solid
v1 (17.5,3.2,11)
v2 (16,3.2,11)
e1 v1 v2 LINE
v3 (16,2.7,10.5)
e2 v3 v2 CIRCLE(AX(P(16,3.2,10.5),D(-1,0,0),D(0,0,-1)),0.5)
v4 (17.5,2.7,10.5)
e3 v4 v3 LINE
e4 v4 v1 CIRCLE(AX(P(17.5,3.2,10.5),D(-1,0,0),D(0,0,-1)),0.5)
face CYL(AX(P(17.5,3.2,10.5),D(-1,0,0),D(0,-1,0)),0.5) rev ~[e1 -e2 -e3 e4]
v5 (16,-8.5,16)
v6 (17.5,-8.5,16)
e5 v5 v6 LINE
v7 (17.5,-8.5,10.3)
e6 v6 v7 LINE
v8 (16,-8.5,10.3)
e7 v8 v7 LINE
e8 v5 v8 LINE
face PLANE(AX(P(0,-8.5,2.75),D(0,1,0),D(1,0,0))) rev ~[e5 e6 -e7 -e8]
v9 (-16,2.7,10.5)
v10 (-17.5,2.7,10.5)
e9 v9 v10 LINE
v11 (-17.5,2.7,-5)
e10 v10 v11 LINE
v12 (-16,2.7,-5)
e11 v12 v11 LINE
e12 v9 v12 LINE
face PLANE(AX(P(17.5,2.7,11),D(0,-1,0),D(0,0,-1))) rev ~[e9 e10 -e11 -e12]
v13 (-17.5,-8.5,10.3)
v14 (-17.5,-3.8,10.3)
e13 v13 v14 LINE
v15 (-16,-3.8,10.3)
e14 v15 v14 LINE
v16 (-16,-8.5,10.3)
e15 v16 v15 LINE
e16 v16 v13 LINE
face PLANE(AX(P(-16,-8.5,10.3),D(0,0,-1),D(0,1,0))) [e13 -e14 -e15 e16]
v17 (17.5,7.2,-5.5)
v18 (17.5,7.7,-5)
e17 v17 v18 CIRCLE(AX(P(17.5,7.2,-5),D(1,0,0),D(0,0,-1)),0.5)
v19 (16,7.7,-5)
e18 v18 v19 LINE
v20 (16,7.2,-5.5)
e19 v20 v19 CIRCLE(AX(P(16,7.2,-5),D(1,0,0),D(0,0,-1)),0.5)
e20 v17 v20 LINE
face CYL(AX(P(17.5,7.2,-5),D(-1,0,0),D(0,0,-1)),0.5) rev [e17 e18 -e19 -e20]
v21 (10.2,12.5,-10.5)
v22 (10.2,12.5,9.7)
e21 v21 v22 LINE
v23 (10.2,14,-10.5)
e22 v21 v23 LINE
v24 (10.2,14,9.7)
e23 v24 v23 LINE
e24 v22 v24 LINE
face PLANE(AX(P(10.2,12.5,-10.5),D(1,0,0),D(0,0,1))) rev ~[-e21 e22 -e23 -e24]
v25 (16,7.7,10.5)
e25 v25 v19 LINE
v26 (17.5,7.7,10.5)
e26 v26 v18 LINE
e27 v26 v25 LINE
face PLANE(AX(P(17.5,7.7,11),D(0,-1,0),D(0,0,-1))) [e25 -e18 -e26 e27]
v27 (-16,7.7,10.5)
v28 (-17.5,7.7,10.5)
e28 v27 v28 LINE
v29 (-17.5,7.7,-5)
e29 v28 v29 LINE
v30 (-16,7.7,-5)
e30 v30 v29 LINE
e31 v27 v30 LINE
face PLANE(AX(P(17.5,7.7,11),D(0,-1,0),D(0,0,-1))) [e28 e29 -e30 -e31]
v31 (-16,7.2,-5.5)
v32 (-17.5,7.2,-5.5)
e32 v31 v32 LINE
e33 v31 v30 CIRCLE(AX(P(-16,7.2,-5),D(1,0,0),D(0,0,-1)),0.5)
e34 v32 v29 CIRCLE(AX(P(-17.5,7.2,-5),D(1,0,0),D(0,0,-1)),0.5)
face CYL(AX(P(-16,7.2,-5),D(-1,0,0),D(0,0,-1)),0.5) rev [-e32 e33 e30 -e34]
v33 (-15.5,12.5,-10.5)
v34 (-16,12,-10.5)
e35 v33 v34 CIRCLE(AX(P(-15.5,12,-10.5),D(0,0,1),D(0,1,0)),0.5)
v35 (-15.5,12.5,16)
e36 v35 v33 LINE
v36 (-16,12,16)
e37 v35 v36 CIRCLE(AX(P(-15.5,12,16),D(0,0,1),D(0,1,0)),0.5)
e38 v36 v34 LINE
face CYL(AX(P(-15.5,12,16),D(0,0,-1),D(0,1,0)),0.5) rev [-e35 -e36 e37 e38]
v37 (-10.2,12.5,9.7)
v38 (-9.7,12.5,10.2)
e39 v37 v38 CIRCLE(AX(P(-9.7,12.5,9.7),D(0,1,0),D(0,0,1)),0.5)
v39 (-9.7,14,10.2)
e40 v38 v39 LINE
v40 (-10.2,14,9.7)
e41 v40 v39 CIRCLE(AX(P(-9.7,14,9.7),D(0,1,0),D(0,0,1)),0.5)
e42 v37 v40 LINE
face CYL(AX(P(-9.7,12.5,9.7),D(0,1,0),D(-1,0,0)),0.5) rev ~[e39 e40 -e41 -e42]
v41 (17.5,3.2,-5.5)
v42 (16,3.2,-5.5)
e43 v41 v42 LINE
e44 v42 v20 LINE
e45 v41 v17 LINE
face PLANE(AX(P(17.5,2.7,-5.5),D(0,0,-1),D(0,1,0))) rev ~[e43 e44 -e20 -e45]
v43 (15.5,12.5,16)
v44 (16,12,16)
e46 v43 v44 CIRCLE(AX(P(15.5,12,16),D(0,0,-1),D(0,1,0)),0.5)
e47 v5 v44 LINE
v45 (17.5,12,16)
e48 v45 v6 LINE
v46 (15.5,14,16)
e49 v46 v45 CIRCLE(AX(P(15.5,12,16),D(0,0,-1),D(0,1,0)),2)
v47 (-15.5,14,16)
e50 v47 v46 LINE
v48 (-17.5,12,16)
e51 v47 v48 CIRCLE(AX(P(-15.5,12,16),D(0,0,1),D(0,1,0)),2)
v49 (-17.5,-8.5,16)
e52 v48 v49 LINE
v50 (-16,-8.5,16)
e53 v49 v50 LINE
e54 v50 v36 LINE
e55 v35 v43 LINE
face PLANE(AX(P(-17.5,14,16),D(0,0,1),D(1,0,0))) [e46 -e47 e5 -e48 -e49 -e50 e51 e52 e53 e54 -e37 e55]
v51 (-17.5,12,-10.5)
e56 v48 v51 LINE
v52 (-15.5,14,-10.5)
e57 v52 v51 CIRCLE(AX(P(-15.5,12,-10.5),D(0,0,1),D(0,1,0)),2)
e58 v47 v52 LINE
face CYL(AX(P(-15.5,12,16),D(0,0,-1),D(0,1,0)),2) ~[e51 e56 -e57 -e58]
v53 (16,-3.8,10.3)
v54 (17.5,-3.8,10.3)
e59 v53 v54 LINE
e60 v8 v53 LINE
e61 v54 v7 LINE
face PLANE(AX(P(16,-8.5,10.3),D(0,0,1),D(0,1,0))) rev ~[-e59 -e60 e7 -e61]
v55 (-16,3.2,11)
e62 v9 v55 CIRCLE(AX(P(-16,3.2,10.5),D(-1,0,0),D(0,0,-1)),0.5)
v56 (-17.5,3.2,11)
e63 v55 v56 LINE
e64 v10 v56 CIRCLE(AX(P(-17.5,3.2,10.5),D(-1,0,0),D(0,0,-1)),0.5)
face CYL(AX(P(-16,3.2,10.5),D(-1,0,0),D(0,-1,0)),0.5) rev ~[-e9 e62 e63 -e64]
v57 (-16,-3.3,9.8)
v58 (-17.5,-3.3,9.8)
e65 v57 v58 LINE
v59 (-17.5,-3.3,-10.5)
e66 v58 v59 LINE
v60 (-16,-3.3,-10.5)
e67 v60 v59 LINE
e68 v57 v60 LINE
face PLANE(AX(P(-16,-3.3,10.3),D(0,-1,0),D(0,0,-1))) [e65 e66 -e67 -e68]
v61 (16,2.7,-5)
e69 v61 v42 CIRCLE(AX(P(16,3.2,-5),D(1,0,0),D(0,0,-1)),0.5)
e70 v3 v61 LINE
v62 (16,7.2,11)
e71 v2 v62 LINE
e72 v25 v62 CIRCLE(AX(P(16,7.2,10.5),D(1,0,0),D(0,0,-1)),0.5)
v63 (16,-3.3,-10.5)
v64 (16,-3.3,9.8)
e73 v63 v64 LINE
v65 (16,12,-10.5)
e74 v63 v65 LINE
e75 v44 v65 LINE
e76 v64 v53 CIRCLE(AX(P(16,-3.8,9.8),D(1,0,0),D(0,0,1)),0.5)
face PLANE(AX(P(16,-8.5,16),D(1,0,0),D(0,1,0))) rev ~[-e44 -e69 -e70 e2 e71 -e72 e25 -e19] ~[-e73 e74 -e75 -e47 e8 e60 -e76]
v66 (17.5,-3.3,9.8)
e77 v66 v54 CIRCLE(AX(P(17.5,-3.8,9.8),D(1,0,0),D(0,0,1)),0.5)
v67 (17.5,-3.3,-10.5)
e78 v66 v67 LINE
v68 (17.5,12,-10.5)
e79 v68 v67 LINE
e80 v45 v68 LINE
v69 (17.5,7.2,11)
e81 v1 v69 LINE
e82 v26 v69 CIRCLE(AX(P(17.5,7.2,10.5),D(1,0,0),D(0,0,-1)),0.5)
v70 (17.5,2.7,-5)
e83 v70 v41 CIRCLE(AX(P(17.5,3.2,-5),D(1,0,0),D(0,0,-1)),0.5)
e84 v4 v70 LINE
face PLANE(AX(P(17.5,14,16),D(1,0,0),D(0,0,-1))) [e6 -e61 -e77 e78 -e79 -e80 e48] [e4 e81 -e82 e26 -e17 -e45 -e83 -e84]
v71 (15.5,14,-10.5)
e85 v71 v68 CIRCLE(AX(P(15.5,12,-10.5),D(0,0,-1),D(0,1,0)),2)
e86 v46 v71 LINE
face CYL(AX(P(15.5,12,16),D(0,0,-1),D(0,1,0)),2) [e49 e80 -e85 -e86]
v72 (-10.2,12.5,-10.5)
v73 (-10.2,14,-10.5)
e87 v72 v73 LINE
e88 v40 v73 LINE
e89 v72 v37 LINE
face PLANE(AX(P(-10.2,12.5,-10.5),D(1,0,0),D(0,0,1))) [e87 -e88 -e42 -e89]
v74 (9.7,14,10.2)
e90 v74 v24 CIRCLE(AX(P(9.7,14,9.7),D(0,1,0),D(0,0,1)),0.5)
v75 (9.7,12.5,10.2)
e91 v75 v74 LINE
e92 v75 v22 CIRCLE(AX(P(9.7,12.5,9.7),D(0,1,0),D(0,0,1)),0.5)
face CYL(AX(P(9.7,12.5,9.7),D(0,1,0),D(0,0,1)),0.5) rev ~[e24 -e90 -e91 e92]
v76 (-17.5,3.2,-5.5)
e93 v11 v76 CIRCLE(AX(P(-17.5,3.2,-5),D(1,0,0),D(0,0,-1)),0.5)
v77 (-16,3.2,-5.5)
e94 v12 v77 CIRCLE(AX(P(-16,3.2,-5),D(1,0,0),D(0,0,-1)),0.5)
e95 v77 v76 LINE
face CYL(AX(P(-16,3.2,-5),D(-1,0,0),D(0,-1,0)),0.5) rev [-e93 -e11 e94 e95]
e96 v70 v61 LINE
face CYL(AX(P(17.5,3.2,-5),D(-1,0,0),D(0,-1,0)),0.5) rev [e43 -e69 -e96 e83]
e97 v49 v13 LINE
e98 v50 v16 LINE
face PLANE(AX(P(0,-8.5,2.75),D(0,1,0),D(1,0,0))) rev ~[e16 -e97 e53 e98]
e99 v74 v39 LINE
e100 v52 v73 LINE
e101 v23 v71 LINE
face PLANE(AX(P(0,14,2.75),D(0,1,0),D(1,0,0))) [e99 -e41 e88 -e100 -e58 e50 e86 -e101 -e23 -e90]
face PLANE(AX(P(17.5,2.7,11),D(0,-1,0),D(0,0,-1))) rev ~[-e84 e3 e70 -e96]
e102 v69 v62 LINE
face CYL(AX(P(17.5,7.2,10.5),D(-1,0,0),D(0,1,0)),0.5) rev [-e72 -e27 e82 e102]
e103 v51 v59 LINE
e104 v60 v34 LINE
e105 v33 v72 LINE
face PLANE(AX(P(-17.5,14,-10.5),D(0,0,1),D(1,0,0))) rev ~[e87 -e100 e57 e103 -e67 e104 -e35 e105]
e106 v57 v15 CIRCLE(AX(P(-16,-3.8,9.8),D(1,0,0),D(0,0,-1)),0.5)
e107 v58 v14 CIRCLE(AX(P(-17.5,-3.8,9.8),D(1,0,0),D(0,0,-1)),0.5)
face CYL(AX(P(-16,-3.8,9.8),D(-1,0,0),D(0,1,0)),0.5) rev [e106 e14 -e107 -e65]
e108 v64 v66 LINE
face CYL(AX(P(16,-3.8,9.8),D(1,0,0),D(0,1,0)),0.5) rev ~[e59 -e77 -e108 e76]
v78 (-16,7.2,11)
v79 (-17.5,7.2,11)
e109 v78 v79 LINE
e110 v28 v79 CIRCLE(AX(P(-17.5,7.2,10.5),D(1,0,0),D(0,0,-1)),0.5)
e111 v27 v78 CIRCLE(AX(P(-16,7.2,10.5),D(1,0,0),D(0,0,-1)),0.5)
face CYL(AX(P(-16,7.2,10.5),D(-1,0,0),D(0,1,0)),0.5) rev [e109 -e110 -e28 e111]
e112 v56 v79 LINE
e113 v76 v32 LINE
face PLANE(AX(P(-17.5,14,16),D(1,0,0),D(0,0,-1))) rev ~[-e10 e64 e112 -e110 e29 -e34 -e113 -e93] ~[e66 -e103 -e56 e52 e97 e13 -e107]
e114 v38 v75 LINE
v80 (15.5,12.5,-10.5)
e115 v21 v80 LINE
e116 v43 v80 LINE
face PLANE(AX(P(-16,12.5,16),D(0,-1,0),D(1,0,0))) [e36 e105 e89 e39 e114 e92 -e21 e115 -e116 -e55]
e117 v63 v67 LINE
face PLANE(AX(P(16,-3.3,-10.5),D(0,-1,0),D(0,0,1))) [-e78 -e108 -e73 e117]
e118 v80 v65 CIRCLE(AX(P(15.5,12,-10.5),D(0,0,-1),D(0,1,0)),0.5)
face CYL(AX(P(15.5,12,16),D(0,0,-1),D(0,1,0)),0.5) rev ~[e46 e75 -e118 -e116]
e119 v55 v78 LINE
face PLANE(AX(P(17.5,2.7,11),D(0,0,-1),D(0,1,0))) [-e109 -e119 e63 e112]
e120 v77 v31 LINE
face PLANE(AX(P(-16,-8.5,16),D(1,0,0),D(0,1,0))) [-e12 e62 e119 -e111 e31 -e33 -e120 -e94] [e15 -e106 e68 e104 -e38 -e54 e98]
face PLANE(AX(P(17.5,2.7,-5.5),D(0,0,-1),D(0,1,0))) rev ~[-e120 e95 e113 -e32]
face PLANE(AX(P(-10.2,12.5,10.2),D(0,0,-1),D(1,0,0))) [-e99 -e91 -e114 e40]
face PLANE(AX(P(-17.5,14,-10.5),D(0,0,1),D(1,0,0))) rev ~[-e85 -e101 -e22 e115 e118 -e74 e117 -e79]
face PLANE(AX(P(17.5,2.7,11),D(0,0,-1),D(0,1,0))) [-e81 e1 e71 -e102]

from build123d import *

# Parameters (mm, degrees)
SKETCH1_W           = 35
SKETCH1_H           = 26.5
BOSS_EXTRUDE1_DEPTH = 22.5
SKETCH2_W           = 32
SKETCH2_H           = 21
CUT_EXTRUDE1_DEPTH  = 27.5
SKETCH3_W           = 20.8
SKETCH3_H           = 5.2
CUT_EXTRUDE2_DEPTH  = 2.5
SKETCH4_W           = 20.4
SKETCH4_H           = 20.7
CUT_EXTRUDE3_DEPTH  = 2.5
SKETCH5_W           = 20.8
SKETCH5_H           = 5.2
CUT_EXTRUDE4_DEPTH  = 2.5
FILLET1_R           = 0.5
FILLET2_R           = 2
SKETCH6_W           = 16.5
SKETCH6_H           = 5
CUT_EXTRUDE5_DEPTH  = 35
FILLET3_R           = 0.5


with BuildPart() as part:
    # Sketch1 → Boss-Extrude1 (new body)
    with BuildSketch(Plane(origin=(0, 14, 0), x_dir=(1, 0, 0), z_dir=(0, 1, 0))):
        with Locations((0, -2.75)):
            Rectangle(SKETCH1_W, SKETCH1_H)
    extrude(amount=-BOSS_EXTRUDE1_DEPTH)

    # Sketch2 → Cut-Extrude1 (cut, through all)
    with BuildSketch(Plane.XY.offset(16)):
        with Locations((0, 2)):
            Rectangle(SKETCH2_W, SKETCH2_H)
    extrude(amount=-CUT_EXTRUDE1_DEPTH, mode=Mode.SUBTRACT)

    # Sketch3 → Cut-Extrude2 (cut, through all)
    with BuildSketch(Plane.ZY.offset(-16)):
        with Locations((-0.1, -5.9)):
            Rectangle(SKETCH3_W, SKETCH3_H)
    extrude(amount=-CUT_EXTRUDE2_DEPTH, mode=Mode.SUBTRACT)

    # Sketch4 → Cut-Extrude3 (cut, through all)
    with BuildSketch(Plane.XZ.offset(-12.5)):
        with Locations((0, -0.15)):
            Rectangle(SKETCH4_W, SKETCH4_H)
    extrude(amount=-CUT_EXTRUDE3_DEPTH, mode=Mode.SUBTRACT)

    # Sketch5 → Cut-Extrude4 (cut, through all)
    with BuildSketch(Plane(origin=(-16, 0, 0), x_dir=(0, 0, -1), z_dir=(1, 0, 0))):
        with Locations((0.1, -5.9)):
            Rectangle(SKETCH5_W, SKETCH5_H)
    extrude(amount=-CUT_EXTRUDE4_DEPTH, mode=Mode.SUBTRACT)

    # Fillet1
    fillet1_edges = [part.edges().sort_by_distance(p)[0] for p in [
        (-16, 12.5, 2.75),
        (16, 12.5, 2.75),
    ]]
    fillet(fillet1_edges, radius=FILLET1_R)

    # Fillet2
    fillet2_edges = [part.edges().sort_by_distance(p)[0] for p in [
        (-17.5, 14, 2.75),
        (17.5, 14, 2.75),
    ]]
    fillet(fillet2_edges, radius=FILLET2_R)

    # Sketch6 → Cut-Extrude5 (cut)
    with BuildSketch(Plane(origin=(17.5, 0, 0), x_dir=(0, 0, -1), z_dir=(1, 0, 0))):
        with Locations((-2.75, 5.2)):
            Rectangle(SKETCH6_W, SKETCH6_H)
    extrude(amount=-CUT_EXTRUDE5_DEPTH, mode=Mode.SUBTRACT)

    # Fillet3
    fillet3_edges = [part.edges().sort_by_distance(p)[0] for p in [
        (-16.75, 2.7, 11),
        (16.75, 2.7, 11),
        (-16.75, 7.7, 11),
        (16.75, 7.7, 11),
        (-16.75, 7.7, -5.5),
        (16.75, 7.7, -5.5),
        (-16.75, 2.7, -5.5),
        (16.75, 2.7, -5.5),
        (16.75, -3.3, 10.3),
        (-10.2, 13.25, 10.2),
        (10.2, 13.25, 10.2),
        (-16.75, -3.3, 10.3),
    ]]
    fillet(fillet3_edges, radius=FILLET3_R)


solid = part.part
